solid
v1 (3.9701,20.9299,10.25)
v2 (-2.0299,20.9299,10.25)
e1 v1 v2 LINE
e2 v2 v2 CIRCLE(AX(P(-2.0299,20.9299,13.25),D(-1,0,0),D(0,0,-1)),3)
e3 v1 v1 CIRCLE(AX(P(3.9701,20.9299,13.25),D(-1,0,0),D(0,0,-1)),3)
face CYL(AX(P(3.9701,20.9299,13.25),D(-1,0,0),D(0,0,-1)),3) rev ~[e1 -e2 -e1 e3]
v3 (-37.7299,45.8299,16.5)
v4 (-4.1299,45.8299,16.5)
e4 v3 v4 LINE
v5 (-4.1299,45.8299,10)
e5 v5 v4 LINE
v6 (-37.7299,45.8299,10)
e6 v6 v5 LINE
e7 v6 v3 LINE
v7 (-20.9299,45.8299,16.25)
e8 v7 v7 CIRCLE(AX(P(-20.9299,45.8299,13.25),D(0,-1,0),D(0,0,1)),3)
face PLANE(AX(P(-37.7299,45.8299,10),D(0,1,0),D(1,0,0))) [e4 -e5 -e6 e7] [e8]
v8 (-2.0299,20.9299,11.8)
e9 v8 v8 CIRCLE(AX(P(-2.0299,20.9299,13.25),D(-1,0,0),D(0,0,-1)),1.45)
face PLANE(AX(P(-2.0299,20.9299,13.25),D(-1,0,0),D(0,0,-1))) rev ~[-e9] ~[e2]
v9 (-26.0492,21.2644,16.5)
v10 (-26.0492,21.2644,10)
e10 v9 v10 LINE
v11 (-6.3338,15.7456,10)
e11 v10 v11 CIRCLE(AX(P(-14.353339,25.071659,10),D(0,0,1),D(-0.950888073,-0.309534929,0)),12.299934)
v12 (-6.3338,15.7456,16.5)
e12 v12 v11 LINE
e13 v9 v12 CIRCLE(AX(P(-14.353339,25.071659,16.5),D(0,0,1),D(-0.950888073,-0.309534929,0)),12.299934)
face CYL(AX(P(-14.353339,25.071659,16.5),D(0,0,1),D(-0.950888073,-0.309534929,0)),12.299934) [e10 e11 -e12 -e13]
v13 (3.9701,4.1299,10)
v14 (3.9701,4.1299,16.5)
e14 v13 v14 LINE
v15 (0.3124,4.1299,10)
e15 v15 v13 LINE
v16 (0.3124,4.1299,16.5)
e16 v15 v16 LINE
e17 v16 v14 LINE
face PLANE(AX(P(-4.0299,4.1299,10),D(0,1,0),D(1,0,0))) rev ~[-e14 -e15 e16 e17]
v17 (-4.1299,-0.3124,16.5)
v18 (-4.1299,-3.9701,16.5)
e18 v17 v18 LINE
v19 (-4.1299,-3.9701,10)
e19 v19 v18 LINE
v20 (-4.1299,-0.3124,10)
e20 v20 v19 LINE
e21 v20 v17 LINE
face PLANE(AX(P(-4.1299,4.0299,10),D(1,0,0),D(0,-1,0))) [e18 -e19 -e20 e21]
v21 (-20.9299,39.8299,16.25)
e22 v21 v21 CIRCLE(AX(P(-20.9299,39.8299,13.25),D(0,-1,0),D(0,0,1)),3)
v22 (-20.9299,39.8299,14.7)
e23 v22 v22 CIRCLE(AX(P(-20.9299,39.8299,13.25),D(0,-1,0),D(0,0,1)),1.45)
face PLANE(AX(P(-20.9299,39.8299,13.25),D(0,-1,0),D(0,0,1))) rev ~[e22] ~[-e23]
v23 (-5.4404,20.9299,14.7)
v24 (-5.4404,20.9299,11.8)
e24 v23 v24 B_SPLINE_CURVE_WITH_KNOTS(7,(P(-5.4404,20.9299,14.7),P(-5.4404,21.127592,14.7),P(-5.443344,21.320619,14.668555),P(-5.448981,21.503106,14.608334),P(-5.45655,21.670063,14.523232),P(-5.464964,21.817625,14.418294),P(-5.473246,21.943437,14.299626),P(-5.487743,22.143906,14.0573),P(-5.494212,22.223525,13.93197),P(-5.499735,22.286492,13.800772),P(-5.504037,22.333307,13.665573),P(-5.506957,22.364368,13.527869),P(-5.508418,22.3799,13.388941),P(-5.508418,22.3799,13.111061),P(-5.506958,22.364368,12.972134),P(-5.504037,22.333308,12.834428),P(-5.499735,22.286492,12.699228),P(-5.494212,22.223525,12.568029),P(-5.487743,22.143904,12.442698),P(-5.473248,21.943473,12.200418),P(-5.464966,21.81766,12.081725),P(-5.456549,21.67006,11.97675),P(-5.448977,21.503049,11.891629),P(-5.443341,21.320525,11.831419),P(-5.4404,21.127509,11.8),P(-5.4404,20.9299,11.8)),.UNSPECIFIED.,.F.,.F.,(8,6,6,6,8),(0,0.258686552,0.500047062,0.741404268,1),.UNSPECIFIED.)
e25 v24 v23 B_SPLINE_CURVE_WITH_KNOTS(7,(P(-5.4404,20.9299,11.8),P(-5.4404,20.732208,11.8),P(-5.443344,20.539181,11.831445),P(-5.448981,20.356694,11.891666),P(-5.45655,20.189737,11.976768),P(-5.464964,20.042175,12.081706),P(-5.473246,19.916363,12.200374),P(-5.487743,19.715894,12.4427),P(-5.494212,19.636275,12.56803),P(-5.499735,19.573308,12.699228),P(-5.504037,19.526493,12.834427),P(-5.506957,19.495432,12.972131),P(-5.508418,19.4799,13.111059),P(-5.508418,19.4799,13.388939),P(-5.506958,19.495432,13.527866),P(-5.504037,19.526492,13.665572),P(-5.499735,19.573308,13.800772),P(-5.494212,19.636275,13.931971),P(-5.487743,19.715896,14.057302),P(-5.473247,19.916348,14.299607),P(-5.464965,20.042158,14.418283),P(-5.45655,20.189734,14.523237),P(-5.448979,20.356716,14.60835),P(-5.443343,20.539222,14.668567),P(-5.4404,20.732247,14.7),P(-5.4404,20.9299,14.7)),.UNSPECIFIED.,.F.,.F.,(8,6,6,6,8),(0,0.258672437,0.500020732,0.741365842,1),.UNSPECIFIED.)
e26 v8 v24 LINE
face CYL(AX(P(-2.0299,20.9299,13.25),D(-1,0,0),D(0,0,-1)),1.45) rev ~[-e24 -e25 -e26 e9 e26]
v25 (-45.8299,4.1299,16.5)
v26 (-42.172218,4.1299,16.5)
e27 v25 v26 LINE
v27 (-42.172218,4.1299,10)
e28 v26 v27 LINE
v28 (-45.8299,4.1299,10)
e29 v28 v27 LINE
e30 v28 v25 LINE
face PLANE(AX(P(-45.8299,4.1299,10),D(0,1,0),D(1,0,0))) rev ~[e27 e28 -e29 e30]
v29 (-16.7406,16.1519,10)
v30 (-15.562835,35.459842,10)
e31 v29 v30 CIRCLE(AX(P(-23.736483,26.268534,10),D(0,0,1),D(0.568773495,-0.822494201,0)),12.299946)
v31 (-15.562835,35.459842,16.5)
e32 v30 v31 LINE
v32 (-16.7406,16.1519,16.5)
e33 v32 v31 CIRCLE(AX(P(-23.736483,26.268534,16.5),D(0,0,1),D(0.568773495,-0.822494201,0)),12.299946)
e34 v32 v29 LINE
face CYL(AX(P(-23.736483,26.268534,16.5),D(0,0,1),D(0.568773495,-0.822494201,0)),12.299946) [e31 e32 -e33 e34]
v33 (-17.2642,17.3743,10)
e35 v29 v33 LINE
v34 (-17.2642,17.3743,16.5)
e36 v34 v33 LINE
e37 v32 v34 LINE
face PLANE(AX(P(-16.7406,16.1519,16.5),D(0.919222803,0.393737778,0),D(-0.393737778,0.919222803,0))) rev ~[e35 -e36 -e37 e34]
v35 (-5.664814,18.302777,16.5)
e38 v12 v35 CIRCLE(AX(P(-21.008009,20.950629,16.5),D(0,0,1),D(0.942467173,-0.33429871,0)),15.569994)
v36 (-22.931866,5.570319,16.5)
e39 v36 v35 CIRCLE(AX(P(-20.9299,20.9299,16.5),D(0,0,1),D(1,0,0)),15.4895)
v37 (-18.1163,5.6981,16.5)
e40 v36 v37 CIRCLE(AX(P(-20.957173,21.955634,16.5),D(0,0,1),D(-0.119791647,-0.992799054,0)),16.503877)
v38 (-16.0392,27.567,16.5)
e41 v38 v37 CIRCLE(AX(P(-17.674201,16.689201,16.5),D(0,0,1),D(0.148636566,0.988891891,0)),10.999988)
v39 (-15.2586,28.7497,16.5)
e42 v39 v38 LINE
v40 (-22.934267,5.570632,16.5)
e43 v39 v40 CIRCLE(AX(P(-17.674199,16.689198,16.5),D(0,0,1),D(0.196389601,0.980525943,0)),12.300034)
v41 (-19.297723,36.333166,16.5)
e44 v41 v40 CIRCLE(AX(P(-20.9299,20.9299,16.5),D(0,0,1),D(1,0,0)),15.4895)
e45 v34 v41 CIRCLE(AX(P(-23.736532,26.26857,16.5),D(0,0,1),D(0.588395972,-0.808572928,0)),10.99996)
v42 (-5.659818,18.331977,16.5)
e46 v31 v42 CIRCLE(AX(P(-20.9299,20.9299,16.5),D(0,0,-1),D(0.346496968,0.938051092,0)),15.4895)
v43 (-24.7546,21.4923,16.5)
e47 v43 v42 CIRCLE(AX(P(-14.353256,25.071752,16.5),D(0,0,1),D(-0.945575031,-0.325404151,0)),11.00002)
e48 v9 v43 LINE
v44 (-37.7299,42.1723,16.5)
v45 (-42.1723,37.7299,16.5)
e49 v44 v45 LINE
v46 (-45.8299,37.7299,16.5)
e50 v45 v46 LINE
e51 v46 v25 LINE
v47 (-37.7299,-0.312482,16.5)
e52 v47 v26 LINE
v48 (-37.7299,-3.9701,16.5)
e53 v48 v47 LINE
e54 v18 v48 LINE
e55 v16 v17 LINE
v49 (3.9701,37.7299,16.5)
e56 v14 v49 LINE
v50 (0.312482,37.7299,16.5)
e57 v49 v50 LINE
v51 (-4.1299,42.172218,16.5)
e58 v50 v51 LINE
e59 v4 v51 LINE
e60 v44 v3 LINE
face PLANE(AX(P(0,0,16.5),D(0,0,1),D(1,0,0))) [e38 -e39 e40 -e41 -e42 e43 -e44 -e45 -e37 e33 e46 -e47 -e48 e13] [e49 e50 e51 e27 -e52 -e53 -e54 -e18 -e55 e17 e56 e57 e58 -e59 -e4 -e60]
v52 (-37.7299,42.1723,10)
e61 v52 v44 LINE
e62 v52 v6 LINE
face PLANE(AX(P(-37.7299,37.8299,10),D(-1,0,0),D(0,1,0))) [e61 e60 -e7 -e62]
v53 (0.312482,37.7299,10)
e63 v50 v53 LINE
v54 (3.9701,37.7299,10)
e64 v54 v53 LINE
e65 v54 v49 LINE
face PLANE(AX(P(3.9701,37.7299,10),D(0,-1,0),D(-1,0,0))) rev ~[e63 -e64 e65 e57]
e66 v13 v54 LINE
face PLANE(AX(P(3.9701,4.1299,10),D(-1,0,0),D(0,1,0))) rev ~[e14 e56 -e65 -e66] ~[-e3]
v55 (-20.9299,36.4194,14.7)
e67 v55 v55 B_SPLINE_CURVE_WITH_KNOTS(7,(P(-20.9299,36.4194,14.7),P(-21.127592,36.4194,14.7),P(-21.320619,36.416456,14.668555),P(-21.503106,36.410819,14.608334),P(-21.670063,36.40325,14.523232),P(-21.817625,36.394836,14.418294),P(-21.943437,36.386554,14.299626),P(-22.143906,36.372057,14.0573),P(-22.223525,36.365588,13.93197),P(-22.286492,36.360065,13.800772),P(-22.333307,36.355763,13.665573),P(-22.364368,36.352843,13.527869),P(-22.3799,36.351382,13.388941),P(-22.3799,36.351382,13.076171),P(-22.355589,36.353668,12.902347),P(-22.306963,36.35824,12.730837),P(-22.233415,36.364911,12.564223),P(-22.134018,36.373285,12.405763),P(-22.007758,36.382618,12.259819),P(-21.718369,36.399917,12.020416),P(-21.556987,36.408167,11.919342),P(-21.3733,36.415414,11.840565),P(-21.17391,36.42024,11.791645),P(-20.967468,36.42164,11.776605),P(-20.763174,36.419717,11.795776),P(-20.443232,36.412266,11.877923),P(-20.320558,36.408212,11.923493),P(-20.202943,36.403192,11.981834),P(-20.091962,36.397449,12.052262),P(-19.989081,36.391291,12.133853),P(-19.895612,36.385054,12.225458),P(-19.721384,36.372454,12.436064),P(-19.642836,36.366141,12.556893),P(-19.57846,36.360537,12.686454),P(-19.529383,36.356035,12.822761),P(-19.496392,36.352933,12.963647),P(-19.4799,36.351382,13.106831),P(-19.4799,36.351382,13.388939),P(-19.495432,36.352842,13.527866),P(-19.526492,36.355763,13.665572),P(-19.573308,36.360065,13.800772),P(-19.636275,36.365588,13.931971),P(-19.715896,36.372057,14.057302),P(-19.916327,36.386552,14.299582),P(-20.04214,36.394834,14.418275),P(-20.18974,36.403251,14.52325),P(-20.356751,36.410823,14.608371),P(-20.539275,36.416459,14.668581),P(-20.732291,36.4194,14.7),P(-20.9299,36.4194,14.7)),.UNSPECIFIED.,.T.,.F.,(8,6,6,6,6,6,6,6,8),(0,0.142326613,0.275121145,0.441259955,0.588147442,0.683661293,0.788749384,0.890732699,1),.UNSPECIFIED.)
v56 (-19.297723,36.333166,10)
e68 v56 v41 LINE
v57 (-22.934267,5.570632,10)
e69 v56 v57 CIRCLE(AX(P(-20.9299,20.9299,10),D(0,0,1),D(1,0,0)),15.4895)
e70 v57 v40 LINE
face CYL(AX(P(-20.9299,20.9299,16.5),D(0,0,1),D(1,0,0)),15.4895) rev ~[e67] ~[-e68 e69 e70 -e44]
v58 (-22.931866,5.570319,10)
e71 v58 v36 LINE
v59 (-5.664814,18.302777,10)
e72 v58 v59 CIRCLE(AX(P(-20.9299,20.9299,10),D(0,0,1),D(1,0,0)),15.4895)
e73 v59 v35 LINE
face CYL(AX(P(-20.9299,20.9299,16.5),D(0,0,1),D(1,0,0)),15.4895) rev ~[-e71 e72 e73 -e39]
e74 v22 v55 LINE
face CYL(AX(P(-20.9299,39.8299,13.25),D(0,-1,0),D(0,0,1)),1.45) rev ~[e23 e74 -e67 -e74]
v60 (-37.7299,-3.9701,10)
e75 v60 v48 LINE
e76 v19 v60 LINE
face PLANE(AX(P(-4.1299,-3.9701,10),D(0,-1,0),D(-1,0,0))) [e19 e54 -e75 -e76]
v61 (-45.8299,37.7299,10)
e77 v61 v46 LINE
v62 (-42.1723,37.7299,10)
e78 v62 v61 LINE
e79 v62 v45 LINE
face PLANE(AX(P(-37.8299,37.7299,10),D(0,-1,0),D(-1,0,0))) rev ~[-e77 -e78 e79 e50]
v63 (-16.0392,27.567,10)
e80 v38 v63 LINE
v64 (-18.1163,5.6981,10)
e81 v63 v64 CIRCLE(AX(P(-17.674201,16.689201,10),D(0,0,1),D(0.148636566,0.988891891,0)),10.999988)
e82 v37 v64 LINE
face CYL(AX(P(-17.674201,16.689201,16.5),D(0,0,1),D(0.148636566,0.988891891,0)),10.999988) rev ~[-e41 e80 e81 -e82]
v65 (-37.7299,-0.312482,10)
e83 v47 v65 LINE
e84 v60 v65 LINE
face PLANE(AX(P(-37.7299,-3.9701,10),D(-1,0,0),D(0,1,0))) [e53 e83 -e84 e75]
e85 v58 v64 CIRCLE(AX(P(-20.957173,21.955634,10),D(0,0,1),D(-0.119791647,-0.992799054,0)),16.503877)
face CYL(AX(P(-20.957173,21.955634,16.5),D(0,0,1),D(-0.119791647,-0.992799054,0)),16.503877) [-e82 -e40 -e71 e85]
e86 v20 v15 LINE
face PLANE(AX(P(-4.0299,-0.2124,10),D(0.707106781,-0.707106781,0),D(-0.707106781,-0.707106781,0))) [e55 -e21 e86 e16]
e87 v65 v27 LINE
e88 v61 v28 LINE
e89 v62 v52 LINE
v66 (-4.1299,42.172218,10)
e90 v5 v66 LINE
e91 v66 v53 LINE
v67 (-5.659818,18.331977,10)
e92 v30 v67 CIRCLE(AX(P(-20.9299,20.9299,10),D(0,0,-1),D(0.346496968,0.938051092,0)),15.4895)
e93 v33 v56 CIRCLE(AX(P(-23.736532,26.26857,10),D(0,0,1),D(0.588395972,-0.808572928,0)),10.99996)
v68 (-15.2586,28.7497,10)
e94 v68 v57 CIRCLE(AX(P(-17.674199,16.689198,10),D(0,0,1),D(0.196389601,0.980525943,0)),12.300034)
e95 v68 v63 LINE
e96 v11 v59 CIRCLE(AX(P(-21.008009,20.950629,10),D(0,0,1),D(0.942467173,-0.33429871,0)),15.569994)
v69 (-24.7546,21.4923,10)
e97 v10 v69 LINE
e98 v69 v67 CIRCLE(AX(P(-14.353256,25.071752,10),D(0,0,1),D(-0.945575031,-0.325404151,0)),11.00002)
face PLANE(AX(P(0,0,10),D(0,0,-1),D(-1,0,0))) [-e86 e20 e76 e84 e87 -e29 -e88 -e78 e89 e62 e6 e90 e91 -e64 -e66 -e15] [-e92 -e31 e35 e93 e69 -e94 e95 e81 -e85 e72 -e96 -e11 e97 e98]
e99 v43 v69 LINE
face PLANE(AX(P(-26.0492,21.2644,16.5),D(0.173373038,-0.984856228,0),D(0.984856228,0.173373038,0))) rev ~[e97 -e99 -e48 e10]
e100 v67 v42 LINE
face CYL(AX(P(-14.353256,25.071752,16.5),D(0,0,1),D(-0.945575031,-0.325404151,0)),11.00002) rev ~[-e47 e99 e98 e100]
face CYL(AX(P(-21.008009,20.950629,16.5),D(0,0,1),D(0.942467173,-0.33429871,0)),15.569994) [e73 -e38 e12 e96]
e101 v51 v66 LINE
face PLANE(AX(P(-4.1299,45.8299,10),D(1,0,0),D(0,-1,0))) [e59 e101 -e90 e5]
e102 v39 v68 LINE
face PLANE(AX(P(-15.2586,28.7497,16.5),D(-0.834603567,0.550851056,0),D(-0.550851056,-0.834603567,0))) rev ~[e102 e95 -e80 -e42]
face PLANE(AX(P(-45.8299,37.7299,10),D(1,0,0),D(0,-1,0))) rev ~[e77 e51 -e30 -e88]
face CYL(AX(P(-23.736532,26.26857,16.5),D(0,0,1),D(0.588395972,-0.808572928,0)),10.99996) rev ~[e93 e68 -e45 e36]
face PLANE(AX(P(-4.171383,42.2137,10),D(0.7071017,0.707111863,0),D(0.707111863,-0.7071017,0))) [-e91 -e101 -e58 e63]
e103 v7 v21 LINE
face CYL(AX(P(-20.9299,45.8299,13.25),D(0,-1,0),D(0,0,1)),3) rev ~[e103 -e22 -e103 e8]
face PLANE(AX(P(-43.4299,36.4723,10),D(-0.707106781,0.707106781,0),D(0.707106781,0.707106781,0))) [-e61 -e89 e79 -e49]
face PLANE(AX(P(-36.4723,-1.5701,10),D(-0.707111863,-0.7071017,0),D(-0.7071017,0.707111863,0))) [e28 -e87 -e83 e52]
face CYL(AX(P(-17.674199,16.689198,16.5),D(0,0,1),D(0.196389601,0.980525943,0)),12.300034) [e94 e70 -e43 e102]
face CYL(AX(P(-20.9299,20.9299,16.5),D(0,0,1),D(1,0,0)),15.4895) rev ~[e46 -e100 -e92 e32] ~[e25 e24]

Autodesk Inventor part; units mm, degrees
ref_plane "YZ Plane" through (0, 0, 0) normal (1, 0, 0) x (0, 1, 0)
ref_plane "Work Plane1" through (0, 0, 10) normal (0, 0, 1) x (1, 0, 0)
sketch "Sketch1" plane through (0, 0, 10) normal (0, 0, 1) x (1, 0, 0)
  line L0 (-4.0299, -0.3538) -> (-2.2322, 1.4439) construction
  arc A0 (-1.4439, 2.2322) -> (-2.2322, 1.4439) centre (-0.9299, 0.9299) ccw construction
  line L1 (-1.4439, 2.2322) -> (0.3538, 4.0299) construction
  line L2 (-37.8299, 42.2137) -> (-37.8299, 45.8299) construction
  line L3 (-37.8299, 45.8299) -> (-4.0299, 45.8299) construction
  line L4 (-4.0299, 45.8299) -> (-4.0299, 42.2137) construction
  line L5 (-4.0299, 4.0299) -> (0.3538, 4.0299) projected
  line L6 (-20.9299, 58.9723) -> (17.1124, 20.9299) construction
  line L7 (17.1124, 20.9299) -> (-20.9299, -17.1124) construction
  line L8 (-20.9299, -17.1124) -> (-58.9723, 20.9299) construction
  line L9 (-58.9723, 20.9299) -> (-20.9299, 58.9723) construction
  line L10 (-20.9299, 58.9723) -> (-20.9299, -17.1124) construction
  line L11 (17.1124, 20.9299) -> (-58.9723, 20.9299) construction
  line L12 (-20.9299, 58.9723) -> (32.8701, 58.9723) construction
  line L13 (-43.4299, 43.4299) -> (1.5701, 43.4299) construction
  line L14 (1.5701, 43.4299) -> (1.5701, -1.5701) construction
  line L15 (1.5701, -1.5701) -> (-43.4299, -1.5701) construction
  line L16 (-43.4299, -1.5701) -> (-43.4299, 43.4299) construction
  line L17 (-43.4299, 43.4299) -> (1.5701, -1.5701) construction
  line L18 (1.5701, 43.4299) -> (-43.4299, -1.5701) construction
  line L19 (-43.4299, 5.3876) -> (-43.4299, 36.4723)
  line L20 (-43.4299, 36.4723) -> (-36.4723, 43.4299)
  line L21 (-36.4723, 43.4299) -> (-5.3876, 43.4299)
  line L22 (-5.3876, 43.4299) -> (1.5701, 36.4723)
  line L23 (1.5701, 36.4723) -> (1.5701, 5.3876)
  line L24 (1.5701, 5.3876) -> (-5.3876, -1.5701)
  line L25 (-5.3876, -1.5701) -> (-36.4723, -1.5701)
  line L26 (-36.4723, -1.5701) -> (-43.4299, 5.3876)
  line L27 (-4.0299, 42.2137) -> (-37.8299, 42.2137) projected
  line L28 (-4.0299, -0.3538) -> (-4.0299, 4.0299) projected
  circle A1 centre (-20.9299, 20.9299) radius 13.3985
  circle A2 centre (-20.9299, 20.9299) radius 15.4895
  point P0 (-37.8299, 4.0299)
  dimension "d18" = 53.8
  dimension "d19" = 45
  dimension "d20" = 53.8
  dimension "d21" = 45
  dimension "d22" = 45
  dimension "d30" = 26.797
  dimension "d36" = 30.979
extrude "Extrusion1" add sketch "Sketch1" along normal blind 6.5 contours L28 L24 L25 L26 L19 L20 L27 L22 L23 L5 | L5 L24 L28 | L27 L20 L21 L22 | A1 | A2
ref_plane "Work Plane2" through (-40.9959, 0.8639, 22.2359) normal (0, 0, 1) x (1, 0, 0)
sketch "Sketch3" plane through (0, 0, 10) normal (0, 0, -1) x (-1, 0, 0)
  line L0 (37.8299, -0.4701) -> (37.8299, 4.0299) construction
  line L1 (4.0299, 4.0299) -> (4.0299, -0.4701) construction
  line L2 (37.8299, -0.4701) -> (37.8299, 1.1886) construction
  line L3 (4.0299, -3.9701) -> (4.0299, -0.3538) construction
  line L4 (45.8299, 4.0299) -> (42.2137, 4.0299) construction
  line L5 (-0.3538, 4.0299) -> (-3.9701, 4.0299) construction
  line L6 (-3.9701, 37.8299) -> (-0.3538, 37.8299) construction
  line L7 (4.0299, 42.2137) -> (4.0299, 45.8299) construction
  line L8 (37.8299, 45.8299) -> (37.8299, 42.2137) construction
  line L9 (42.2137, 37.8299) -> (45.8299, 37.8299) construction
  line L10 (37.8299, 37.7299) -> (45.8299, 37.7299)
  line L11 (45.8299, 37.7299) -> (45.8299, 4.1299)
  line L12 (45.8299, 4.1299) -> (37.8299, 4.1299)
  line L13 (37.8299, 4.1299) -> (37.8299, 37.7299)
  line L14 (37.7299, 4.0299) -> (4.1299, 4.0299)
  line L15 (4.1299, 4.0299) -> (4.1299, -3.9701)
  line L16 (4.1299, -3.9701) -> (37.7299, -3.9701)
  line L17 (37.7299, -3.9701) -> (37.7299, 4.0299)
  line L18 (4.0299, 4.1299) -> (-3.9701, 4.1299)
  line L19 (-3.9701, 4.1299) -> (-3.9701, 37.7299)
  line L20 (-3.9701, 37.7299) -> (4.0299, 37.7299)
  line L21 (4.0299, 37.7299) -> (4.0299, 4.1299)
  line L22 (4.1299, 37.8299) -> (37.7299, 37.8299)
  line L23 (37.7299, 37.8299) -> (37.7299, 45.8299)
  line L24 (37.7299, 45.8299) -> (4.1299, 45.8299)
  line L25 (4.1299, 45.8299) -> (4.1299, 37.8299)
  point P0 (0, 0)
  dimension "d23" = 0.1
  dimension "d24" = 0.1
  dimension "d25" = 0.1
  dimension "d26" = 0.1
  dimension "d27" = 0.1
extrude "Extrusion3" add sketch "Sketch3" against normal up to surface (6.5 mm away)
sketch "Sketch6" plane through (0, 0, 16.5) normal (0, 0, 1) x (1, 0, 0)
  circle A0 centre (-20.9299, 20.9299) radius 15.4895
  circle A1 centre (-20.9299, 20.9299) radius 13.3985
  line L0 (-45.8299, 4.1299) -> (-45.8299, 37.7299) projected
  line L1 (-4.1299, -3.9701) -> (-37.7299, -3.9701) projected
  line L2 (-37.7299, 45.8299) -> (-4.1299, 45.8299) projected
  point P0 (0, 0)
  point P1 (-45.8299, 20.9299)
  point P2 (-20.9299, -3.9701)
  point P3 (-20.9299, 45.8299)
  dimension "d37" = 26.797
  dimension "d38" = 30.979
extrude "Extrusion5" cut sketch "Sketch6" against normal blind 12 contours A0 | A1
sketch "Sketch7" plane through (0, 0, 16.5) normal (0, 0, 1) x (1, 0, 0)
  arc A0 (-16.0392, 27.567) -> (-18.1163, 5.6981) centre (-17.6742, 16.6892) ccw
  arc A1 (-15.2586, 28.7497) -> (-22.9342, 5.5706) centre (-17.6742, 16.6892) ccw
  line L0 (-15.2586, 28.7497) -> (-16.0392, 27.567)
  arc A2 (-22.9342, 5.5706) -> (-18.1163, 5.6981) centre (-20.9571, 21.9572) ccw
  arc A3 (-17.2642, 17.3743) -> (-19.2978, 36.3332) centre (-23.7366, 26.2686) ccw
  line L1 (-19.4299, 22.4299) -> (-13.0699, 7.5829) construction
  arc A4 (-15.5629, 35.4599) -> (-19.2978, 36.3332) centre (-20.2387, 23.8861) ccw
  line L2 (-19.4299, 22.4299) -> (-3.5175, 22.4299) construction
  line L3 (-19.4299, 22.4299) -> (-12.0453, 33.618) construction
  line L4 (-19.4299, 22.4299) -> (-27.814, 20.9536) construction
  arc A5 (-26.0492, 21.2644) -> (-6.3338, 15.7456) centre (-14.3533, 25.0717) ccw
  circle A6 centre (-20.9299, 20.9299) radius 15.4895 construction
  arc A7 (-13.9299, 22.4299) -> (-17.2642, 17.3743) centre (-19.4299, 22.4299) ccw construction
  line L5 (-26.0492, 21.2644) -> (-24.7546, 21.4923)
  arc A8 (-24.7546, 21.4923) -> (-5.6598, 18.332) centre (-14.3533, 25.0717) ccw
  circle A9 centre (-20.9299, 20.9299) radius 15.4895 construction
  line L6 (3.9701, 4.1299) -> (0.3124, 4.1299) construction
  line L7 (3.9701, 37.7299) -> (3.9701, 4.1299) construction
  line L8 (0.3124, 37.7299) -> (3.9701, 37.7299) construction
  line L9 (0.3124, 37.7299) -> (-4.1299, 42.1723) construction
  line L10 (-4.1299, 45.8299) -> (-4.1299, 42.1723) construction
  line L11 (-37.7299, 45.8299) -> (-4.1299, 45.8299) construction
  line L12 (-37.7299, 42.1723) -> (-37.7299, 45.8299) construction
  line L13 (-37.7299, 42.1723) -> (-42.1723, 37.7299) construction
  line L14 (-45.8299, 37.7299) -> (-42.1723, 37.7299) construction
  line L15 (-45.8299, 4.1299) -> (-45.8299, 37.7299) construction
  line L16 (-42.1723, 4.1299) -> (-45.8299, 4.1299) construction
  line L17 (-42.1723, 4.1299) -> (-37.7299, -0.3124) construction
  line L18 (-37.7299, -3.9701) -> (-37.7299, -0.3124) construction
  line L19 (-4.1299, -3.9701) -> (-37.7299, -3.9701) construction
  line L20 (-4.1299, -0.3124) -> (-4.1299, -3.9701) construction
  line L21 (-4.1299, -0.3124) -> (0.3124, 4.1299) construction
  line L22 (-17.2642, 17.3743) -> (-16.7406, 16.1519) construction
  arc A10 (-17.2642, 17.3743) -> (-13.9299, 22.4299) centre (-19.4299, 22.4299) ccw construction
  arc A11 (-16.7406, 16.1519) -> (-15.5629, 35.4599) centre (-23.7366, 26.2686) ccw
  line L23 (-17.2642, 17.3743) -> (-16.7406, 16.1519) construction
  line L24 (-16.7406, 16.1519) -> (-17.2642, 17.3743)
  arc A12 (-6.3338, 15.7456) -> (-5.6598, 18.332) centre (-21.0014, 20.9486) ccw
  point P0 (0, 0)
  point P1 (-17.9152, 11.0615)
  dimension "d58" = 1.3
  dimension "d60" = 1.3
  dimension "d63" = 1.3
  dimension "d78" = 1.5
  dimension "d79" = 1.5
  dimension "d81" = 11
  dimension "d82" = 11
  dimension "d83" = 11
  dimension "d86" = 5.5
extrude "Extrusion6" add sketch "Sketch7" against normal up to surface (6.5 mm away)
sketch "Sketch8" plane through (-37.7299, 45.8299, 10) normal (0, 1, 0) x (1, 0, 0)
  line L0 (0, 0) -> (33.6, 0) projected
  line L1 (0, -6.5) -> (33.6, -6.5) projected
  line L2 (33.6, 0) -> (33.6, -6.5) projected
  line L3 (0, 0) -> (0, -6.5) projected
  point P0 (37.7299, 10)
  point P1 (16.8, -3.25)
  point P2 (16.8, 0)
  point P3 (16.8, -6.5)
  point P4 (33.6, -3.25)
  point P5 (0, -3.25)
hole "Hole1" at (-20.9299, 45.8299, 13.25) direction (0, -1, 0) diameter 2.9 depth 11 tip angle 118 counterbore diameter 6 counterbore depth 6
sketch "Sketch9" plane through (3.9701, 4.1299, 10) normal (1, 0, 0) x (0, 0, -1)
  line L0 (0, 0) -> (0, 33.6) projected
  line L1 (-6.5, 33.6) -> (-6.5, 0) projected
  line L2 (0, 33.6) -> (-6.5, 33.6) projected
  line L3 (0, 0) -> (-6.5, 0) projected
  point P0 (10, -4.1299)
  point P1 (-3.25, 16.8)
  point P2 (0, 16.8)
  point P3 (-6.5, 16.8)
  point P4 (-3.25, 33.6)
  point P5 (-3.25, 0)
hole "Hole2" at (3.9701, 20.9299, 13.25) direction (-1, 0, 0) diameter 2.9 depth 11 tip angle 118 counterbore diameter 6 counterbore depth 6
properties part number "50_Cube_Insert_Thorlabs"
